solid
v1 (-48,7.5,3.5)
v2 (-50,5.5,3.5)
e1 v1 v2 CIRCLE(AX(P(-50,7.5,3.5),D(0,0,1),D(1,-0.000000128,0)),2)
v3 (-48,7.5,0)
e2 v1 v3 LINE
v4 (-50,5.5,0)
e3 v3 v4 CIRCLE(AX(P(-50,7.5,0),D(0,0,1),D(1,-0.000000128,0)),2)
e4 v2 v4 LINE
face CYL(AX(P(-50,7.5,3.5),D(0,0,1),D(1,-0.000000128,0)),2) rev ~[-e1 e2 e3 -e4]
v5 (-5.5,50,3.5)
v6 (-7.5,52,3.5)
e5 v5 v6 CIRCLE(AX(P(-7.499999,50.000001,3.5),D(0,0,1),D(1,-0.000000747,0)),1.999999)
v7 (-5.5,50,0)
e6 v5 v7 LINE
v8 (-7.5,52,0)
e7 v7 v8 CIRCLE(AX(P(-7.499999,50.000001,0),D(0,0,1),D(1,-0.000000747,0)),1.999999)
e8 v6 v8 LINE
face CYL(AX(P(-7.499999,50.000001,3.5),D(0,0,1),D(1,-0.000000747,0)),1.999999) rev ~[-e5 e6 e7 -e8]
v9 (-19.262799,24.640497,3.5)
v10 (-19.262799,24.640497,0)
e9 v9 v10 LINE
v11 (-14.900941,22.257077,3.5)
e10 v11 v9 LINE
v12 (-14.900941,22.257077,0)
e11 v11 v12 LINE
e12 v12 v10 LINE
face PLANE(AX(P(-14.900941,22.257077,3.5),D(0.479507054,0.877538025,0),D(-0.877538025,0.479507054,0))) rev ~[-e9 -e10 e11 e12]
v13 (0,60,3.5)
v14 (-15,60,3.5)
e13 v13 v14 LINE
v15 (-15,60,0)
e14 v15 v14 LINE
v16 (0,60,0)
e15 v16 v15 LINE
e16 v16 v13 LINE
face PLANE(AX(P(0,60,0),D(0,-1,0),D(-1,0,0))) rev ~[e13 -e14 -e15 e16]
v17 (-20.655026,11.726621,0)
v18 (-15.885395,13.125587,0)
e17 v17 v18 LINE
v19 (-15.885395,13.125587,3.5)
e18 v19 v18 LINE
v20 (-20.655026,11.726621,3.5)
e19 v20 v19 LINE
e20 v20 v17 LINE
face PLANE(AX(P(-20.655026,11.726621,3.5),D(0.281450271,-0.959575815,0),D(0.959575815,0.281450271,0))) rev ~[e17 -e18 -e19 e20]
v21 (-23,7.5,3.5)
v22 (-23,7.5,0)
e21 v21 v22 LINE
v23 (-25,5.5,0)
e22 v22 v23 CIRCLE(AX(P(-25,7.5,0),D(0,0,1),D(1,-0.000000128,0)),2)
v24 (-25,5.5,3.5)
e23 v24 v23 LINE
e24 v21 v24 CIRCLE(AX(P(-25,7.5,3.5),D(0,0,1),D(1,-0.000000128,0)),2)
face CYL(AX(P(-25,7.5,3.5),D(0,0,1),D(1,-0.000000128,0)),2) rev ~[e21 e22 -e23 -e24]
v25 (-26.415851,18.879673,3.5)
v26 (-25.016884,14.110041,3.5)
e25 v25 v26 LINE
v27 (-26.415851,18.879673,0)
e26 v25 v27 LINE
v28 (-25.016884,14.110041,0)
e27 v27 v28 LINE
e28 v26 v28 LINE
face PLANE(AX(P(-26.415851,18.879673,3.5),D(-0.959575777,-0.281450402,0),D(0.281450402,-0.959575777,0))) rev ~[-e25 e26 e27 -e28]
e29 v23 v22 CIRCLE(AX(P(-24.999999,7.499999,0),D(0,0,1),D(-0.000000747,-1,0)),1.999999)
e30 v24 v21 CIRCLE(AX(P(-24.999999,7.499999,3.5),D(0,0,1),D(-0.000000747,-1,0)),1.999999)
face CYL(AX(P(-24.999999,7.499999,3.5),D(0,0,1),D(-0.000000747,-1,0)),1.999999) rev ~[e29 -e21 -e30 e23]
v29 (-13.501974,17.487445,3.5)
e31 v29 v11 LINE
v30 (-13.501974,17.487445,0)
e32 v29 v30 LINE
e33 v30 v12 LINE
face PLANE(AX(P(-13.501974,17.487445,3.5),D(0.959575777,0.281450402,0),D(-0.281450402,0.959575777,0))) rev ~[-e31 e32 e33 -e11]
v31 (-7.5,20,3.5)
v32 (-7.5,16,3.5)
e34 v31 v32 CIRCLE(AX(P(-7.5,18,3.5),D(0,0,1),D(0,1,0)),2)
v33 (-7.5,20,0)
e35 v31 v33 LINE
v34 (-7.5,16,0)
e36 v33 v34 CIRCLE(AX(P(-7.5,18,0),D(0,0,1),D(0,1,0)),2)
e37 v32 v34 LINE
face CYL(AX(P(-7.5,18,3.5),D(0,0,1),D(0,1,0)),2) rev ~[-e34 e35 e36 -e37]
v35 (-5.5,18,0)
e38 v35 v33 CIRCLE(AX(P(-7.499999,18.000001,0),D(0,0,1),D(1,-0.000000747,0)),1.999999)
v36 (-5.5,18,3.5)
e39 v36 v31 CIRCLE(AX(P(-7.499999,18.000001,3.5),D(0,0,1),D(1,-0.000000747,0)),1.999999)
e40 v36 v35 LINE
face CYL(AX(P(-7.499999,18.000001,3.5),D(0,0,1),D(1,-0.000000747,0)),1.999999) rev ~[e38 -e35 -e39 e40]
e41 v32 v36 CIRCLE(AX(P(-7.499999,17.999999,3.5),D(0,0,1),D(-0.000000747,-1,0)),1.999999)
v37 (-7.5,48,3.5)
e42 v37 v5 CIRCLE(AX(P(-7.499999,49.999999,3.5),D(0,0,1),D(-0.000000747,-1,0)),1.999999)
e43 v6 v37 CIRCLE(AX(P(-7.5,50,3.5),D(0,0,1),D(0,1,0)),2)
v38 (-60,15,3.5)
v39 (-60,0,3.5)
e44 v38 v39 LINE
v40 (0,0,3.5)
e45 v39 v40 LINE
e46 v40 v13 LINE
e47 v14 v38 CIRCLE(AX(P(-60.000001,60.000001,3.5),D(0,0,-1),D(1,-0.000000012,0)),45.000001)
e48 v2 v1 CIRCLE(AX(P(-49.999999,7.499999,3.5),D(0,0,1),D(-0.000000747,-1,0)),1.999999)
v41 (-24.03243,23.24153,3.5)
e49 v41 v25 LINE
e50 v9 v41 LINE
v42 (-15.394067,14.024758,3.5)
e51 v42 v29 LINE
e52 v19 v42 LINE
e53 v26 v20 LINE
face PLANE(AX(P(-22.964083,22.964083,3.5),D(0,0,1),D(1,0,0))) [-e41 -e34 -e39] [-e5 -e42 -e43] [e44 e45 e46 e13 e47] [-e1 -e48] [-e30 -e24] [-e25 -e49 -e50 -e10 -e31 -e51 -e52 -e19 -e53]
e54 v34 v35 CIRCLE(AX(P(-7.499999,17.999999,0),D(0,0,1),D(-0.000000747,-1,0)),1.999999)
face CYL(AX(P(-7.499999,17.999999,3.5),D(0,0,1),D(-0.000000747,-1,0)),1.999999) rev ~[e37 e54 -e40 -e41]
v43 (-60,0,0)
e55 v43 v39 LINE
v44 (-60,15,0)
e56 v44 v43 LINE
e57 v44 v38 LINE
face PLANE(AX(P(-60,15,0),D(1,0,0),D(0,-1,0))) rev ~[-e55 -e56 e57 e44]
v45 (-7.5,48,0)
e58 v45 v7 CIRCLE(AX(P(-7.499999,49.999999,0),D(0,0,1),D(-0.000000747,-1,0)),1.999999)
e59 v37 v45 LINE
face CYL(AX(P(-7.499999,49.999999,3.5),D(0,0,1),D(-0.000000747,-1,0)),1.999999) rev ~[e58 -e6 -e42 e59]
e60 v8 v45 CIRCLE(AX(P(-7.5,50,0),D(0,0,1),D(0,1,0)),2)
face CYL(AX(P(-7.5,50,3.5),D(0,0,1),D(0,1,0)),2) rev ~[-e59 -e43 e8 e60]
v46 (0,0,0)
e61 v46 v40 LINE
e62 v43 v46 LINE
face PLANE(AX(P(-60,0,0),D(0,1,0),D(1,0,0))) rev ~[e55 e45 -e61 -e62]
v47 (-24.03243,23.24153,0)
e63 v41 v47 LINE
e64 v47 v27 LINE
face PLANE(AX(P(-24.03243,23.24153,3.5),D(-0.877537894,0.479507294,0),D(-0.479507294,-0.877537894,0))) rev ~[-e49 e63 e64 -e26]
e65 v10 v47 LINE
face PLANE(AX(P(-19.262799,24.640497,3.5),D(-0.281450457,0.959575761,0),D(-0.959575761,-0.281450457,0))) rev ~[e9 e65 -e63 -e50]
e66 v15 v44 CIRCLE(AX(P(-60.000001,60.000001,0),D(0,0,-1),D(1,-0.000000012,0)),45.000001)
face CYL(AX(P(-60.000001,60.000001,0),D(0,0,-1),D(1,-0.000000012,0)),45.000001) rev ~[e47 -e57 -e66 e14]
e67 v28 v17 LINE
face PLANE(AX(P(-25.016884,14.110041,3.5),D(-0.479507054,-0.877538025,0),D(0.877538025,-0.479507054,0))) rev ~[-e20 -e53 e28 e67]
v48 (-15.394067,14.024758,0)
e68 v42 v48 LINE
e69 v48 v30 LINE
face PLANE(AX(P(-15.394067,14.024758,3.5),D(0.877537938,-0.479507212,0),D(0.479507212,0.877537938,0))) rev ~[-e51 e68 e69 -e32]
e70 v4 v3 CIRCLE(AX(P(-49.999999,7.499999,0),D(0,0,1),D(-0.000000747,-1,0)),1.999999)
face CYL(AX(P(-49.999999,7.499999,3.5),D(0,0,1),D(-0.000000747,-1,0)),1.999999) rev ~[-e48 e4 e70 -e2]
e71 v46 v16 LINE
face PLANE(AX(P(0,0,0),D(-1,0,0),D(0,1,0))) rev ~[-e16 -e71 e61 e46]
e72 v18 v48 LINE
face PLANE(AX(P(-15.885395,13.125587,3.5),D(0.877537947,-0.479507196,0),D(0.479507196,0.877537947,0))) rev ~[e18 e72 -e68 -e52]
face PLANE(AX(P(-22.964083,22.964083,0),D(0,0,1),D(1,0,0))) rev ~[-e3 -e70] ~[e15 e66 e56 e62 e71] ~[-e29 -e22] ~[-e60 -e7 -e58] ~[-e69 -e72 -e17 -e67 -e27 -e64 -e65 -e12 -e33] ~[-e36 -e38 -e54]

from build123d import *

# Parameters (mm, degrees)
F1_DEPTH = 3.5
F3_DEPTH = 25


with BuildPart() as f1:
    # F0 (on Top) → F1 (new body)
    with BuildSketch(Plane.XY):
        with BuildLine():
            Line((-30, 0), (0, 0))
            Line((0, 0), (0, 60))
            Line((0, 60), (-15, 60))
            ThreePointArc((-15, 60), (-28.180195, 28.180195), (-60, 15))
            Line((-60, 15), (-60, 0))
            Line((-60, 0), (-30, 0))
        make_face()
    extrude(amount=F1_DEPTH)

    # F2 (on face) → F3 (cut)
    with BuildSketch(Plane.XY.offset(3.5)):
        Polygon((-15.885395, 13.125587), (-15.394067, 14.024758), (-13.501974, 17.487445), (-14.900941, 22.257077), (-19.262799, 24.640497), (-24.03243, 23.24153), (-26.415851, 18.879673), (-25.016884, 14.110041), (-20.655026, 11.726621), align=None)
        with BuildLine():
            ThreePointArc((-23, 7.5), (-26.414214, 8.914214), (-25, 5.5))
            ThreePointArc((-25, 5.5), (-23.585786, 6.085786), (-23, 7.5))
        make_face()
        with BuildLine():
            ThreePointArc((-50, 5.5), (-48.585786, 6.085786), (-48, 7.5))
            ThreePointArc((-48, 7.5), (-51.414214, 8.914214), (-50, 5.5))
        make_face()
        with BuildLine():
            ThreePointArc((-7.5, 16), (-6.085786, 16.585786), (-5.5, 18))
            ThreePointArc((-5.5, 18), (-6.085786, 19.414214), (-7.5, 20))
            Line((-7.5, 20), (-7.5, 18))
            Line((-7.5, 18), (-7.5, 16))
        make_face()
        with BuildLine():
            Line((-7.5, 18), (-7.5, 20))
            ThreePointArc((-7.5, 20), (-9.5, 18), (-7.5, 16))
            Line((-7.5, 16), (-7.5, 18))
        make_face()
        with BuildLine():
            ThreePointArc((-5.5, 50), (-6.085786, 51.414214), (-7.5, 52))
            Line((-7.5, 52), (-7.5, 50))
            Line((-7.5, 50), (-7.5, 48))
            ThreePointArc((-7.5, 48), (-6.085786, 48.585786), (-5.5, 50))
        make_face()
        with BuildLine():
            Line((-7.5, 50), (-7.5, 52))
            ThreePointArc((-7.5, 52), (-9.5, 50), (-7.5, 48))
            Line((-7.5, 48), (-7.5, 50))
        make_face()
    extrude(amount=-F3_DEPTH, mode=Mode.SUBTRACT)


solid = f1.part
